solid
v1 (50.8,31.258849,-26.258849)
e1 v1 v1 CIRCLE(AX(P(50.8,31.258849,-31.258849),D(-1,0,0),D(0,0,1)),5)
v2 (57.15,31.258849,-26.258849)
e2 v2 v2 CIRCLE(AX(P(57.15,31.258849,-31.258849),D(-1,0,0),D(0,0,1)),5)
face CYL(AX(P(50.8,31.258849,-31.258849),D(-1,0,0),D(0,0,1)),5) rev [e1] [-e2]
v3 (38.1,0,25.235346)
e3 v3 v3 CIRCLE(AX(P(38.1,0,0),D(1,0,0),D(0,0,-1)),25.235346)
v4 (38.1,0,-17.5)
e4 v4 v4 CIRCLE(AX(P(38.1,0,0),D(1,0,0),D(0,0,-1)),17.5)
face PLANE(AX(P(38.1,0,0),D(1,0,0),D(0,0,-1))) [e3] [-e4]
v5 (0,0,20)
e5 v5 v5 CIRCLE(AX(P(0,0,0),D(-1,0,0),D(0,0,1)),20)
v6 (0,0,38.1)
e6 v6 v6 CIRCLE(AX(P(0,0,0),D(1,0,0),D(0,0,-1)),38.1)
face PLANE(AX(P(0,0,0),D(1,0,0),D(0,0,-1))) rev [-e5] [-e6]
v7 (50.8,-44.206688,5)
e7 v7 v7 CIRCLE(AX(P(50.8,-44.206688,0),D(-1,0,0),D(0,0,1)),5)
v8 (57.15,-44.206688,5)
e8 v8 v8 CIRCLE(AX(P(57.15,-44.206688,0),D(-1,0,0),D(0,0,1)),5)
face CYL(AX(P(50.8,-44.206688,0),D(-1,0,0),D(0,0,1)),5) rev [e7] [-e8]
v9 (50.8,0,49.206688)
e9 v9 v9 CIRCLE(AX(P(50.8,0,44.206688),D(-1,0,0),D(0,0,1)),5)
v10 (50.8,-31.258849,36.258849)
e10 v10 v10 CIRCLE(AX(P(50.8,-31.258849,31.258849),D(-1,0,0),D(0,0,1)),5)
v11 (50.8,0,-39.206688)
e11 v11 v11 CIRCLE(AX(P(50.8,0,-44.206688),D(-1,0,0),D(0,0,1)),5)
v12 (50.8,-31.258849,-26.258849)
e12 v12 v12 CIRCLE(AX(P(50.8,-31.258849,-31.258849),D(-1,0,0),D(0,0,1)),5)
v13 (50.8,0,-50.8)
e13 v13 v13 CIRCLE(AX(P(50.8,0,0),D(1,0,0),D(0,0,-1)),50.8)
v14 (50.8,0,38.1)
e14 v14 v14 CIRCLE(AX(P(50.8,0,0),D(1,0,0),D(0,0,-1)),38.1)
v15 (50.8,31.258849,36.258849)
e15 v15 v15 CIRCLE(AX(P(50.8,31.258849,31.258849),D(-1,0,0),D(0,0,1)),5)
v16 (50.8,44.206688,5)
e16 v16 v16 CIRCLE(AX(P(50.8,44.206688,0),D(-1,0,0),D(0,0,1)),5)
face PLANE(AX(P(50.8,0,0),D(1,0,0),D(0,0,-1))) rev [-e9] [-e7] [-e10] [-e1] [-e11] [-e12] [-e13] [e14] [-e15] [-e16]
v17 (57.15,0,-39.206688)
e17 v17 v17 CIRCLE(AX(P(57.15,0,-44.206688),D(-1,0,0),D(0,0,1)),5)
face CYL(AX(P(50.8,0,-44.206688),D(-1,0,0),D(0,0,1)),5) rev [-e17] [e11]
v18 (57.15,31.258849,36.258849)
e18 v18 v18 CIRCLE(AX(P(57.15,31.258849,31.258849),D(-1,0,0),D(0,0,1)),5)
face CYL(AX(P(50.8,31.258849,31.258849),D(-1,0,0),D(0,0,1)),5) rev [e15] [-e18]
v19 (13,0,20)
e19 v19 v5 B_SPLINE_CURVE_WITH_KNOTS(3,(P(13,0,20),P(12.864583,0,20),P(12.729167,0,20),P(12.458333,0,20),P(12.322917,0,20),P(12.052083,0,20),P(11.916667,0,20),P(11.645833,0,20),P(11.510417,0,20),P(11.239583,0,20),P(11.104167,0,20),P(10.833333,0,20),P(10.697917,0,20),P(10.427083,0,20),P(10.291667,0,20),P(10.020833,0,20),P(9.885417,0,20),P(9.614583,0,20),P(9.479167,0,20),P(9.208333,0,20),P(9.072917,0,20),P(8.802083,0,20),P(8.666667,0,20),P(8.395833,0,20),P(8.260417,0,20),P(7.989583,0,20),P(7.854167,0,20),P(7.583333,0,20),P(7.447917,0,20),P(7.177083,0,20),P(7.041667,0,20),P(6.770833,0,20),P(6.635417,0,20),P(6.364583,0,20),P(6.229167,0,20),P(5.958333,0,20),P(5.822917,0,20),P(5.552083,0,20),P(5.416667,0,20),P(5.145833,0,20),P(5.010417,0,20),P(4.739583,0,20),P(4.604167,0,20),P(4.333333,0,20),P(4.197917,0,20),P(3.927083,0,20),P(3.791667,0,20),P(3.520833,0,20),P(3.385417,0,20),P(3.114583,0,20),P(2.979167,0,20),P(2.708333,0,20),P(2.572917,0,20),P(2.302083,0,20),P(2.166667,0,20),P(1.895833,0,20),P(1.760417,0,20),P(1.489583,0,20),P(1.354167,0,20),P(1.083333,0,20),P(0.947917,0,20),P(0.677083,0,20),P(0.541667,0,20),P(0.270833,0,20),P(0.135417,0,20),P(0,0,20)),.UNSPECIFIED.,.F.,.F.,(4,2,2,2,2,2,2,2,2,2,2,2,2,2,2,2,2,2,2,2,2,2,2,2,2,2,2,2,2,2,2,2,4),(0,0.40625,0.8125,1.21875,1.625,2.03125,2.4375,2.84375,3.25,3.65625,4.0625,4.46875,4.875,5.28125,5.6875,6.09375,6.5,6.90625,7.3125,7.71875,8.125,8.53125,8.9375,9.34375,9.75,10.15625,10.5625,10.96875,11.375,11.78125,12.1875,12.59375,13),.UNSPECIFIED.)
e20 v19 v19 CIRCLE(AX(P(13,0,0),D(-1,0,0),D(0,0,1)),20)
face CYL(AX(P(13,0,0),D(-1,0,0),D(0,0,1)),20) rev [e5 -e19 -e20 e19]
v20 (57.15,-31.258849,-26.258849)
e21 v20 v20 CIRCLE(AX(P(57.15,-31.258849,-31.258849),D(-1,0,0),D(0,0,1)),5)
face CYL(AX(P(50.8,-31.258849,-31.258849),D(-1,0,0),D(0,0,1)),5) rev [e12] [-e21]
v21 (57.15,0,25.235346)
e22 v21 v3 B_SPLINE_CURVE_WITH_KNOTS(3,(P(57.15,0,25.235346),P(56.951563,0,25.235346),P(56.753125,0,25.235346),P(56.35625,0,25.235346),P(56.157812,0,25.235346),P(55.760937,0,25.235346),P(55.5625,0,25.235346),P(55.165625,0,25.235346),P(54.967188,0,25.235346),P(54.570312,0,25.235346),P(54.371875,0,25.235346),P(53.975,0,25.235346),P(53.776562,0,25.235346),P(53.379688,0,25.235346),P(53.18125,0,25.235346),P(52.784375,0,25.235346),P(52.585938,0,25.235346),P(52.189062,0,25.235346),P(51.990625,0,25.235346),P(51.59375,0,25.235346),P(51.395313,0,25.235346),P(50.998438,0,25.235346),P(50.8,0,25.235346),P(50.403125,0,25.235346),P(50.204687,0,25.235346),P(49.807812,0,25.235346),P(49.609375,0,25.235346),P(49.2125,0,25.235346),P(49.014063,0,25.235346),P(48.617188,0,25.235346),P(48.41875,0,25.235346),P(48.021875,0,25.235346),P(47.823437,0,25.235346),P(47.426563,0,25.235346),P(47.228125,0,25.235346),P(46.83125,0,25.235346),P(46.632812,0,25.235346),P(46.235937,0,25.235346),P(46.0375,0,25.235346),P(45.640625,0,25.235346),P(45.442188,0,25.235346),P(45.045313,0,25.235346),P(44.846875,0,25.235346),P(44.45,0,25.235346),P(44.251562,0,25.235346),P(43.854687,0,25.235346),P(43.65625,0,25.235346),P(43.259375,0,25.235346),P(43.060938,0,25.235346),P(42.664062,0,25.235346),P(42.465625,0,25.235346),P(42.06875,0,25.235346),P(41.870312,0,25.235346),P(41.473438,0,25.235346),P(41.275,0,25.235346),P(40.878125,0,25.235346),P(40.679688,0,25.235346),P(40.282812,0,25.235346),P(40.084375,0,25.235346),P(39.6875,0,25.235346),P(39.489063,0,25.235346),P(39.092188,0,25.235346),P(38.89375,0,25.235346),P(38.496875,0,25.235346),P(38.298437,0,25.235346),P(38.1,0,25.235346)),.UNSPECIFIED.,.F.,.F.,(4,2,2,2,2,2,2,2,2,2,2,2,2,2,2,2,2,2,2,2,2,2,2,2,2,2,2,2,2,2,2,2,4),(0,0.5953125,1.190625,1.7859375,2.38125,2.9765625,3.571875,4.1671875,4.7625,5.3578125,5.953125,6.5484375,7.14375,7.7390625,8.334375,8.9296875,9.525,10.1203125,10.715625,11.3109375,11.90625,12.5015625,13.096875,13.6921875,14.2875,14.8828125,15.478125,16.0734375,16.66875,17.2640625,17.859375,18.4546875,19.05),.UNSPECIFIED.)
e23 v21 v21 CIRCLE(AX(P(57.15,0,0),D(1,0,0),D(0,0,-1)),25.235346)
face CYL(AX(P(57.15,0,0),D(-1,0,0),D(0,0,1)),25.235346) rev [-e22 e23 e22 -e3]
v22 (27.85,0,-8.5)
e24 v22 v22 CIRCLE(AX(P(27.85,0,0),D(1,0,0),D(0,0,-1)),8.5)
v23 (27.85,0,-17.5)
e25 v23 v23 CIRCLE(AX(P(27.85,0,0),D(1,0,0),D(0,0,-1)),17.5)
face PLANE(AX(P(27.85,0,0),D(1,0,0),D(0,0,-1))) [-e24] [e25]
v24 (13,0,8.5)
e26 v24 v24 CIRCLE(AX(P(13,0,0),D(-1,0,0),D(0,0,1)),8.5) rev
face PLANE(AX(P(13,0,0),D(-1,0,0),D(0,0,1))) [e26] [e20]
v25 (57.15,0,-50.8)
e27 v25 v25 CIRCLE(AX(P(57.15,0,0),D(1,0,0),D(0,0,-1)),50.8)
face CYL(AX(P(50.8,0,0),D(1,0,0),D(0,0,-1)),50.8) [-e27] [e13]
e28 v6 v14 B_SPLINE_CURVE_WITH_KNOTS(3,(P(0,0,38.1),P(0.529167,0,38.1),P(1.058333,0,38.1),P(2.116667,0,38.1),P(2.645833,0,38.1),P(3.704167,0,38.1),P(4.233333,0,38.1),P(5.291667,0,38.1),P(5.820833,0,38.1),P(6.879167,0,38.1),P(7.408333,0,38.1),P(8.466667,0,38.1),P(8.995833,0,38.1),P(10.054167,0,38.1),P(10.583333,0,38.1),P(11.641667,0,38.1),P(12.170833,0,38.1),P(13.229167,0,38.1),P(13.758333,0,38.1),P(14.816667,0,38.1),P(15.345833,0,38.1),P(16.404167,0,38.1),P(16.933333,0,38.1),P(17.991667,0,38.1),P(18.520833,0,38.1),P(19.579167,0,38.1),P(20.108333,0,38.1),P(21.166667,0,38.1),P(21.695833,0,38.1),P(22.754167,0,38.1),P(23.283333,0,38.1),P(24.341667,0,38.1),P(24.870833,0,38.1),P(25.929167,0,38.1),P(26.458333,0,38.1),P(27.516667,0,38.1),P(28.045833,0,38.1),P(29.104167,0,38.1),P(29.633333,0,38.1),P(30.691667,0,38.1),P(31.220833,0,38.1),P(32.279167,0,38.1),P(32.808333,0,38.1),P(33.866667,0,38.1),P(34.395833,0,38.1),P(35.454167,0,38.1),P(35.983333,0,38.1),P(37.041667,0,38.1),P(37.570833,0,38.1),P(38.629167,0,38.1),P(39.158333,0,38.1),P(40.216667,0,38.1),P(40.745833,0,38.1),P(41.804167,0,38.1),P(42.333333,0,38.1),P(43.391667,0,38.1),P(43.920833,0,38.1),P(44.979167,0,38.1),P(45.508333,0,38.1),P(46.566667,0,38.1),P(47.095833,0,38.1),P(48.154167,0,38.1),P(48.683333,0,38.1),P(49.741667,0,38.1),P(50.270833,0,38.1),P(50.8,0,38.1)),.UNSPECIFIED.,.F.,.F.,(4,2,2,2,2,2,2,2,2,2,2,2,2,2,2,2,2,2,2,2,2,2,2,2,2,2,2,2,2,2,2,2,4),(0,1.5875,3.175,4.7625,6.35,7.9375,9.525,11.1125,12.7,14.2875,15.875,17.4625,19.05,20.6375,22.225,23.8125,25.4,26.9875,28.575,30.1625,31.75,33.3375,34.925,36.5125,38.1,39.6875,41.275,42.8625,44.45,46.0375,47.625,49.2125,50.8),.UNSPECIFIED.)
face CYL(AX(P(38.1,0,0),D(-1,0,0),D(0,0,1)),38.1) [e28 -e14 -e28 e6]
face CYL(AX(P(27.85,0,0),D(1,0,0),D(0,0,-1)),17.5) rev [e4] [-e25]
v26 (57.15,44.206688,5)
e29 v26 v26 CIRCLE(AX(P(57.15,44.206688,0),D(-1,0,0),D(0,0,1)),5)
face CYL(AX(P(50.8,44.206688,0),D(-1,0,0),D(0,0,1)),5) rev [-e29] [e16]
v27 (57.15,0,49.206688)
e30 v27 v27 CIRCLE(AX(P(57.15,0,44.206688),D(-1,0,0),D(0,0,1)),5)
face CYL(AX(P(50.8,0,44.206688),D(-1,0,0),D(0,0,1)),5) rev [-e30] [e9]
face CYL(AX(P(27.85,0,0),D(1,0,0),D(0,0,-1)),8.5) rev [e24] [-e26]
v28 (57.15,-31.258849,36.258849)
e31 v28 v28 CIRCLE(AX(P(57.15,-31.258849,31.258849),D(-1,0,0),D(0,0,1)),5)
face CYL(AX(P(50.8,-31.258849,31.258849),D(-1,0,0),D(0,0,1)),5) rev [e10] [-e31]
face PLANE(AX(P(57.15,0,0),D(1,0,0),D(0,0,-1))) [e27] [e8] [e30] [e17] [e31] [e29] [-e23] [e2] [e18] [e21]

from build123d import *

# Parameters (mm, degrees)
SKETCH1_R              = 38.1
BOSS_EXTRUDE1_DEPTH    = 38.1
SKETCH2_R              = 17.5
CUT_EXTRUDE1_DEPTH     = 10.25
F_25_0MM_DOWEL_HOLE1_D = 17
SKETCH14_R             = 38.1
SKETCH14_R_2           = 25.235346295
BOSS_EXTRUDE3_DEPTH    = 19.05
BOSS_EXTRUDE2_START    = -6.35
SKETCH7_R              = 50.8
SKETCH7_R_2            = 25.235346295
BOSS_EXTRUDE2_DEPTH    = 6.35
SKETCH8_R              = 20
CUT_EXTRUDE2_DEPTH     = 13
M8_CLEARANCE_HOLE1_D   = 10


with BuildPart() as part:
    # Sketch1 → Boss-Extrude1 (new body)
    with BuildSketch(Plane(origin=(0, 0, 0), x_dir=(0, 0, -1), z_dir=(1, 0, 0))):
        with Locations(Location((0, 0, 0), (0, 0, 180))):
            Circle(SKETCH1_R)
    extrude(amount=BOSS_EXTRUDE1_DEPTH)

    # Sketch2 → Cut-Extrude1 (cut)
    with BuildSketch(Plane(origin=(38.1, 0, 0), x_dir=(0, 0, -1), z_dir=(1, 0, 0))):
        Circle(SKETCH2_R)
    extrude(amount=-CUT_EXTRUDE1_DEPTH, mode=Mode.SUBTRACT)

    # Ø25.0mm Dowel Hole1 (through all)
    with Locations(Plane(origin=(27.85, 0, 0), x_dir=(0, 0, -1), z_dir=(1, 0, 0))):
        with Locations((0, 0)):
            Hole(F_25_0MM_DOWEL_HOLE1_D / 2)

    # Sketch14 → Boss-Extrude3 (add)
    with BuildSketch(Plane(origin=(38.1, 0, 0), x_dir=(0, 0, -1), z_dir=(1, 0, 0))):
        with Locations(Location((0, 0, 0), (0, 0, 180))):
            Circle(SKETCH14_R)
        with Locations(Location((0, 0, 0), (0, 0, 180))):
            Circle(SKETCH14_R_2, mode=Mode.SUBTRACT)
    extrude(amount=BOSS_EXTRUDE3_DEPTH)

    # Sketch7 → Boss-Extrude2 (add)
    with BuildSketch(Plane(origin=(57.15, 0, 0), x_dir=(0, 0, -1), z_dir=(1, 0, 0)).offset(BOSS_EXTRUDE2_START)):
        Circle(SKETCH7_R)
        with Locations(Location((0, 0, 0), (0, 0, 180))):
            Circle(SKETCH7_R_2, mode=Mode.SUBTRACT)
    extrude(amount=BOSS_EXTRUDE2_DEPTH)

    # Sketch8 → Cut-Extrude2 (cut)
    with BuildSketch(Plane.ZY):
        Circle(SKETCH8_R)
    extrude(amount=-CUT_EXTRUDE2_DEPTH, mode=Mode.SUBTRACT)

    # M8 Clearance Hole1 (through all)
    with Locations(Plane.ZY.offset(-50.8)):
        with Locations((-44.206688043, 0), (-31.258848889, 31.258848889), (0, 44.206688043), (31.258848889, 31.258848889), (44.206688043, 0), (31.258848889, -31.258848889), (0, -44.206688043), (-31.258848889, -31.258848889), (0, 0)):
            Hole(M8_CLEARANCE_HOLE1_D / 2)


solid = part.part
